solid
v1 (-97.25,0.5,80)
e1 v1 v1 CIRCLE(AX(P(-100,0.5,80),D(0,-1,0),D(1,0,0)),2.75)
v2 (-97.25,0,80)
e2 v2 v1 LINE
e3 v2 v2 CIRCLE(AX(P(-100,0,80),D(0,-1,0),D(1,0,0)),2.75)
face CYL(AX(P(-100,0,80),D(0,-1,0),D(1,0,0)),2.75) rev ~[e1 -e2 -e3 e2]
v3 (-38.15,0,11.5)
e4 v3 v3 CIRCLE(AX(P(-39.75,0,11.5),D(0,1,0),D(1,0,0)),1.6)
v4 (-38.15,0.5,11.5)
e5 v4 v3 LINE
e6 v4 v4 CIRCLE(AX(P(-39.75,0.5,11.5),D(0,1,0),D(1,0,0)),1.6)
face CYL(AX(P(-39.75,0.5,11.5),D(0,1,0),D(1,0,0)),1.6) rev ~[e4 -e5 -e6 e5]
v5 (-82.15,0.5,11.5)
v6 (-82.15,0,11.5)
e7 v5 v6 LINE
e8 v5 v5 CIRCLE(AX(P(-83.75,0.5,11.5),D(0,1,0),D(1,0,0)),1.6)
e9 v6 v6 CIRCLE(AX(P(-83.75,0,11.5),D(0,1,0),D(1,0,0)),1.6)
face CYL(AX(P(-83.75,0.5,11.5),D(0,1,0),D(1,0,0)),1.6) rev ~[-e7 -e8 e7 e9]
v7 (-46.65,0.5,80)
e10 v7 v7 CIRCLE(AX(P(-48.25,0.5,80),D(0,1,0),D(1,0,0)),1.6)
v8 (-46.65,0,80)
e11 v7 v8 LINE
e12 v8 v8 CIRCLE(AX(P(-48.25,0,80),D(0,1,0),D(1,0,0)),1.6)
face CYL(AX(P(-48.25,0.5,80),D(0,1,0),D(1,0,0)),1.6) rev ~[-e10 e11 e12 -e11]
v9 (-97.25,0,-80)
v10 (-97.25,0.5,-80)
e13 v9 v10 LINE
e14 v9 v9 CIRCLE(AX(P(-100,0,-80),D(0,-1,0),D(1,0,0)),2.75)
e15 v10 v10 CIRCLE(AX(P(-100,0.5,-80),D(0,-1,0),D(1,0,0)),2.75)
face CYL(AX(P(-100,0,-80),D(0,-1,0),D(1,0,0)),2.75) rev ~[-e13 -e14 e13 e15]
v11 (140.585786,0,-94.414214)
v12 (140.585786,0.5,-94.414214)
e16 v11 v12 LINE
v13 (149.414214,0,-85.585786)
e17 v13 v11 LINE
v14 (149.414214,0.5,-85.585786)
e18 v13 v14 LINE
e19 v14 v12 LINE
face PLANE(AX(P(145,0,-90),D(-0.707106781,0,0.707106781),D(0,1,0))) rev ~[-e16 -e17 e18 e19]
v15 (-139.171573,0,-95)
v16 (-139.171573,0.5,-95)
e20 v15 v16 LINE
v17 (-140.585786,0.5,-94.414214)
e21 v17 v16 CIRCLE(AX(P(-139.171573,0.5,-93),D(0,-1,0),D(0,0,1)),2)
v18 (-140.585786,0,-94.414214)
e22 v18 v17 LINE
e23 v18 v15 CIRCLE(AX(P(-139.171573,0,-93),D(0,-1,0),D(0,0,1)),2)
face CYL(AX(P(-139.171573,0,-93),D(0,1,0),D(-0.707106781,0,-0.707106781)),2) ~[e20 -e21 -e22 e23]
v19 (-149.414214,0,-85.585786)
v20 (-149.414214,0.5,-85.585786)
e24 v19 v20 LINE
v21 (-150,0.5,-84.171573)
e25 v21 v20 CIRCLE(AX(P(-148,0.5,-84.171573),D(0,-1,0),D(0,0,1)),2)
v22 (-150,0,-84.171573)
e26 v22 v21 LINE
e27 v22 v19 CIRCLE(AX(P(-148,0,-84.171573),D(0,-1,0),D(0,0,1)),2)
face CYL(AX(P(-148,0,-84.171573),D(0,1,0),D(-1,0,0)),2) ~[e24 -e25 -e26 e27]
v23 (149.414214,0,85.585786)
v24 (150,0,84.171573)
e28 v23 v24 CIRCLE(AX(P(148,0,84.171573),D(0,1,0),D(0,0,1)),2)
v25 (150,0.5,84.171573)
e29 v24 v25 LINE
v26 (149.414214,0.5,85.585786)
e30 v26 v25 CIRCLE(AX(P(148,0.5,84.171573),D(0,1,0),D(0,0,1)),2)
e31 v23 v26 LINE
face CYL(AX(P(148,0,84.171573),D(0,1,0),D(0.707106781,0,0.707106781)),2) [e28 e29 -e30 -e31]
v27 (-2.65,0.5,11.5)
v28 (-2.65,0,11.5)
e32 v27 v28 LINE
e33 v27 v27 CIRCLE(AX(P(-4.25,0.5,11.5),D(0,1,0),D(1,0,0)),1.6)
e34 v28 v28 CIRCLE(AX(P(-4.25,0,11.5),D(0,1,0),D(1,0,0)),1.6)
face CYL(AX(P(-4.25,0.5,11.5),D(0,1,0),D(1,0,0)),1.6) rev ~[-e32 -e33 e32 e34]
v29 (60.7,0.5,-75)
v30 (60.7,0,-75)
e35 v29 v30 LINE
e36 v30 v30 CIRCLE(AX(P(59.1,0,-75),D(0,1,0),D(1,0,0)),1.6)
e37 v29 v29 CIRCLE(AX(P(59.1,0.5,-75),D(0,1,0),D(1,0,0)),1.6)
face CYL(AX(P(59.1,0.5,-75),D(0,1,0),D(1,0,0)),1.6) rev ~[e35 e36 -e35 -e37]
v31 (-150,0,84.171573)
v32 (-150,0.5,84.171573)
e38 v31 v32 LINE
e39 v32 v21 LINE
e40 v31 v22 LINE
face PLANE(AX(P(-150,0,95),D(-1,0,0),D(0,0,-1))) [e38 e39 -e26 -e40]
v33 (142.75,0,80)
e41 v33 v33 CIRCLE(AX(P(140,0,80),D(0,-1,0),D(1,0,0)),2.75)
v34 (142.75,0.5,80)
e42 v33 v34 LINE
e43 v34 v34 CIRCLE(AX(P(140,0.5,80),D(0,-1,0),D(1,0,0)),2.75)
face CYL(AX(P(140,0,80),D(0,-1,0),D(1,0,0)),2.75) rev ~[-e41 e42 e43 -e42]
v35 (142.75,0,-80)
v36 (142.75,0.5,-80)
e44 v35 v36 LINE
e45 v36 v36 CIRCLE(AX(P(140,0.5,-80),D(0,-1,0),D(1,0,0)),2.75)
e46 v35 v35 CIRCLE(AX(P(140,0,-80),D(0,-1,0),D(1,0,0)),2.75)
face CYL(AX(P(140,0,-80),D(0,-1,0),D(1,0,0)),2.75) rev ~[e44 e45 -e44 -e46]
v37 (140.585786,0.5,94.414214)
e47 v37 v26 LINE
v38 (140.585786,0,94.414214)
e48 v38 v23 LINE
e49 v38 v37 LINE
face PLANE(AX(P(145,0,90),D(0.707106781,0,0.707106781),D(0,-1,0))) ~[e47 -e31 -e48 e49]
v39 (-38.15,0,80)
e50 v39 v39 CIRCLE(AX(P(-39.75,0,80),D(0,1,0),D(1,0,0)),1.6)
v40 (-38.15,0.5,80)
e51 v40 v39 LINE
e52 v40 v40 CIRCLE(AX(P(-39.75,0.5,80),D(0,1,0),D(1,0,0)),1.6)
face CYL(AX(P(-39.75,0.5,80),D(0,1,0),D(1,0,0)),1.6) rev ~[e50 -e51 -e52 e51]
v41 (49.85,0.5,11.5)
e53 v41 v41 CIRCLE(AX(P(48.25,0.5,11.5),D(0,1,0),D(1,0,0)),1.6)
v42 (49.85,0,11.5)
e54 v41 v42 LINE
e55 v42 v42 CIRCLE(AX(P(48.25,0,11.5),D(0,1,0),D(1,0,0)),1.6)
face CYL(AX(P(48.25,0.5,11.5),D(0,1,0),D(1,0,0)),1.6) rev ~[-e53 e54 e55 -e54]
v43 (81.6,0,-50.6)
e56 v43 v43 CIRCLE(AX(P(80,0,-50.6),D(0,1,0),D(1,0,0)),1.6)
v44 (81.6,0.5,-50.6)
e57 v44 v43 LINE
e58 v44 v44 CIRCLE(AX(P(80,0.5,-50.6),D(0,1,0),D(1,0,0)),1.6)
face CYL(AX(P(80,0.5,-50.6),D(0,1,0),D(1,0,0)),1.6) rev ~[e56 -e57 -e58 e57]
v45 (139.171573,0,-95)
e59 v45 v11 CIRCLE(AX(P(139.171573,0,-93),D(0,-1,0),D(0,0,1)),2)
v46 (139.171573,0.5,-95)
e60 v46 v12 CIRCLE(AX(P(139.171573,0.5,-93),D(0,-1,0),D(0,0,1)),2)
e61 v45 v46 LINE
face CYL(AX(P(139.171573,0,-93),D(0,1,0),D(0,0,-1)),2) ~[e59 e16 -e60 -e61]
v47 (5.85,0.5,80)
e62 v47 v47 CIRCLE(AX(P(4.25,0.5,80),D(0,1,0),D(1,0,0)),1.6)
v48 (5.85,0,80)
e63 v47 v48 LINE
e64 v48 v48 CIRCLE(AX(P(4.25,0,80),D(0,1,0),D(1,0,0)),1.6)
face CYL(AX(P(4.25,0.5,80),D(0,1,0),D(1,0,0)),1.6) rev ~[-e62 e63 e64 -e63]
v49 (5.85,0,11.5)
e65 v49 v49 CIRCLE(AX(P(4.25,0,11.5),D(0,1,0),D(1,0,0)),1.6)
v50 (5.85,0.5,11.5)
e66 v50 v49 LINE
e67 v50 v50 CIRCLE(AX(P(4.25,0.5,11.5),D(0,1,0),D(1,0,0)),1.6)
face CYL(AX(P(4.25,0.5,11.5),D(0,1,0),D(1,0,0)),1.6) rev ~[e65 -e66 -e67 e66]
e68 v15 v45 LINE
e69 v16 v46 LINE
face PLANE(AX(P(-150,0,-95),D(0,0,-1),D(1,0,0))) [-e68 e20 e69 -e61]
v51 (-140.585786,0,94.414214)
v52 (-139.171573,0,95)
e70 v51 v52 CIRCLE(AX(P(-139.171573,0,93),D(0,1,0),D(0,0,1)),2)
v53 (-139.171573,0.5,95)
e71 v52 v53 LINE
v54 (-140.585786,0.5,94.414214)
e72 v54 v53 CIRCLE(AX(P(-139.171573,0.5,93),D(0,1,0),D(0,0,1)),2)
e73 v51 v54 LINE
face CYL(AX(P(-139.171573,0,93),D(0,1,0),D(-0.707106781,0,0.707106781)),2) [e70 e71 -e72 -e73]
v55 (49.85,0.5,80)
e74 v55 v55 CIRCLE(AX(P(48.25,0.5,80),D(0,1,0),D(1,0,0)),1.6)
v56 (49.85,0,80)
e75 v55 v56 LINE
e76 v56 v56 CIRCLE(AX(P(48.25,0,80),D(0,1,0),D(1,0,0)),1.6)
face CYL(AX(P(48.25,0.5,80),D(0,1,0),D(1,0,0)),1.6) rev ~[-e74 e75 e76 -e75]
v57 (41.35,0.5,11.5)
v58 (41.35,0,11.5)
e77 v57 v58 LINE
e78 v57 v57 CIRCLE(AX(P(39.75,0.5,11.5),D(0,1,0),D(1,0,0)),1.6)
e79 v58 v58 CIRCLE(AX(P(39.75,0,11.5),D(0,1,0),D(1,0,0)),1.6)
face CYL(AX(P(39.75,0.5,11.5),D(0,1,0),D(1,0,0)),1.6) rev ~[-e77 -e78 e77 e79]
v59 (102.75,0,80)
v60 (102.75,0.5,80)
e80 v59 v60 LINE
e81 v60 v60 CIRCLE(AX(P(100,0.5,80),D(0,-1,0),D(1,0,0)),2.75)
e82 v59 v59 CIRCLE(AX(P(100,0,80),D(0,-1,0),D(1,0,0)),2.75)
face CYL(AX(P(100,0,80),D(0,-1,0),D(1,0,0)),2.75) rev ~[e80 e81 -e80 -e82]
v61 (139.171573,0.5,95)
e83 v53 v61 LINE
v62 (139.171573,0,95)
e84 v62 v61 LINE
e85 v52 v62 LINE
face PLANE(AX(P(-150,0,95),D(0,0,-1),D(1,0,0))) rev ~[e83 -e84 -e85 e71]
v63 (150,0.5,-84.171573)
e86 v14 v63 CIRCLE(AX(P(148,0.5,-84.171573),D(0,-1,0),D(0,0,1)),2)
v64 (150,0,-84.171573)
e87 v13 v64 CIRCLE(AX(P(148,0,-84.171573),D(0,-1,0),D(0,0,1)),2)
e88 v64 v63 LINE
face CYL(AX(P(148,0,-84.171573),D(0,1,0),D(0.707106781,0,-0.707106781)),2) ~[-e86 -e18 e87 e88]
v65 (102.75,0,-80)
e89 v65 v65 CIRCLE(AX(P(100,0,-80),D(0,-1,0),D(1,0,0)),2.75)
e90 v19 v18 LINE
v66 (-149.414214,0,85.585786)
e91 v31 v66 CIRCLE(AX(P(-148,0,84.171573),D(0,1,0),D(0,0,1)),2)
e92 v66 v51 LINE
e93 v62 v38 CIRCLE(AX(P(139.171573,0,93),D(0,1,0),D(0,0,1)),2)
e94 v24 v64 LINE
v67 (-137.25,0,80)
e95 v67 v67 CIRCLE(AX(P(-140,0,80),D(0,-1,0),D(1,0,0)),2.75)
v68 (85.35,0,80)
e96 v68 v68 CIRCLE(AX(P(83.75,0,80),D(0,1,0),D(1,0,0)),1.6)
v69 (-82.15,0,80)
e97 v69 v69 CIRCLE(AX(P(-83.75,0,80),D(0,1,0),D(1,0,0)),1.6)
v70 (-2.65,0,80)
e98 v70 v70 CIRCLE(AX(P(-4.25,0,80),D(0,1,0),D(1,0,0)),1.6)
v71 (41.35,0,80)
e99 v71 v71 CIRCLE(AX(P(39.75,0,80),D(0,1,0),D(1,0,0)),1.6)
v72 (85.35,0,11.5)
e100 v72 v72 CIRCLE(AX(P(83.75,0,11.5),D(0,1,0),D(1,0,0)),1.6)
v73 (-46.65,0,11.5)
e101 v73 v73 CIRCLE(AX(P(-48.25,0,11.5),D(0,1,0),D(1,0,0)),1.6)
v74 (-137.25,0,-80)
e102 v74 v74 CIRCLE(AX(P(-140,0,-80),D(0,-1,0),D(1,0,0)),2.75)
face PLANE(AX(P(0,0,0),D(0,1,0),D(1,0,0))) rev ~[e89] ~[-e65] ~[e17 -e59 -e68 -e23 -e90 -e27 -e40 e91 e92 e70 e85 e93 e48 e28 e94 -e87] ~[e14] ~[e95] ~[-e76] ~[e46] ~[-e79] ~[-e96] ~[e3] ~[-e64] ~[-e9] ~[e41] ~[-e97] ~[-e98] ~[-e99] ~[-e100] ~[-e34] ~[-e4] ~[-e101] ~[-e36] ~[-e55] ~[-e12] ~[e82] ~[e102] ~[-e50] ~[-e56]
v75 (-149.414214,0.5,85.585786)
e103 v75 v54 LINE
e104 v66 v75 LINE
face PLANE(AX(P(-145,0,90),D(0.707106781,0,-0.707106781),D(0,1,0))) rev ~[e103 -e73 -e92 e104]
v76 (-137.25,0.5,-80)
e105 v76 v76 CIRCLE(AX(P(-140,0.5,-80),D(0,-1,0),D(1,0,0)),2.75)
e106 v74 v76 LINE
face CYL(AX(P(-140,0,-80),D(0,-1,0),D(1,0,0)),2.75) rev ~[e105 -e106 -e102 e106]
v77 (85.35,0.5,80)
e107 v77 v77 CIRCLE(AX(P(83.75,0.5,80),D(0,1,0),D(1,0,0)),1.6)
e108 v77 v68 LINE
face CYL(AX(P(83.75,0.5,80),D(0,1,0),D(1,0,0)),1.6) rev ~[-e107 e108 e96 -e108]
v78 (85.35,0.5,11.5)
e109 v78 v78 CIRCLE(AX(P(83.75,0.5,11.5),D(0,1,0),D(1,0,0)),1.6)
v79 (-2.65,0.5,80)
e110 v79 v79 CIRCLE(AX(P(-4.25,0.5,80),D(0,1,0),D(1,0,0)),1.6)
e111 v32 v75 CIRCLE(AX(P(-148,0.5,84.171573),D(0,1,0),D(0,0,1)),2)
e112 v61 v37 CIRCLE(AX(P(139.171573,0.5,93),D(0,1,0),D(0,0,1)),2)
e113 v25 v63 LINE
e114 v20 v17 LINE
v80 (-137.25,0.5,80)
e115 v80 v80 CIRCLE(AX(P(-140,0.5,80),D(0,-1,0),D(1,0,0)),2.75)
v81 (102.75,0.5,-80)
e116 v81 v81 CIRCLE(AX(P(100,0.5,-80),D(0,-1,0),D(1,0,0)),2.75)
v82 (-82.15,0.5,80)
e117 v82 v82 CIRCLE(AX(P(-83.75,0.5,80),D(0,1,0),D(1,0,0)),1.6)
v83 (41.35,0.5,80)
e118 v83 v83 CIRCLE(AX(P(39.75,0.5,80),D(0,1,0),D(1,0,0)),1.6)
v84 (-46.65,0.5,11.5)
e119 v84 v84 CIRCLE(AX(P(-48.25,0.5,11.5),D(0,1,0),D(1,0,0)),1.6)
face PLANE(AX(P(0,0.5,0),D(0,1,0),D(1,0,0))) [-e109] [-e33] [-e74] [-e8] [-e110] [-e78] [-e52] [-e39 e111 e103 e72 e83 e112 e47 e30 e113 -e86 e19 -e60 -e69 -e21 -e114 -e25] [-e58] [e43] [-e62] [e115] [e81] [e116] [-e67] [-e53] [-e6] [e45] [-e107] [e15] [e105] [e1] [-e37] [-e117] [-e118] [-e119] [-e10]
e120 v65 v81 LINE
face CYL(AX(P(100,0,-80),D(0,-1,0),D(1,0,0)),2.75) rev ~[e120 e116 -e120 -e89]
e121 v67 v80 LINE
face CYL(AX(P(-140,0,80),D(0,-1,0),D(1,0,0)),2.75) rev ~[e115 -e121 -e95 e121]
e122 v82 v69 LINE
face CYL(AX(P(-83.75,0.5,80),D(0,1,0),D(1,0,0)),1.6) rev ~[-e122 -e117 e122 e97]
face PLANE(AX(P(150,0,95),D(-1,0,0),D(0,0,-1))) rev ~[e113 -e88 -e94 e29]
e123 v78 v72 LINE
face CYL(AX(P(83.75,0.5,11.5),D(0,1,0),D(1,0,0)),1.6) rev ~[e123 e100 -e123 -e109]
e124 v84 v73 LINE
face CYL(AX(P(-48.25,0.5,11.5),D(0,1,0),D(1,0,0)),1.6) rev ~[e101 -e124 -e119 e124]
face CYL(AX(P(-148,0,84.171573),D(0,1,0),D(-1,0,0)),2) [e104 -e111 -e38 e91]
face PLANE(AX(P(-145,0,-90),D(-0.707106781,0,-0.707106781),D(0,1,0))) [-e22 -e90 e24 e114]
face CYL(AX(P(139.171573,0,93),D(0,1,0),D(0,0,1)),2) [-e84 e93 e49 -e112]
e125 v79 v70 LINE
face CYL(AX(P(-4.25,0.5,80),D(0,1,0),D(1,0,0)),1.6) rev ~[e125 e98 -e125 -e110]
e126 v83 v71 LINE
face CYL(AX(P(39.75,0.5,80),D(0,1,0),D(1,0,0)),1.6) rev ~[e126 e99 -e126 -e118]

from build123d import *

# Parameters (mm, degrees)
ESQUISSE1_W                     = 300
ESQUISSE1_H                     = 190
BOSS_EXTRU_1_DEPTH              = 0.5
CHANFREIN1_SIZE                 = 10
CONG_1_R                        = 2
ESQUISSE2_R                     = 2.75
ENL_V_MAT_EXTRU_1_DEPTH         = 1.5
R_P_TITION_LIN_AIRE1_COUNT      = 2
R_P_TITION_LIN_AIRE1_PITCH      = 240
R_P_TITION_LIN_AIRE1_COUNT_DIR2 = 2
R_P_TITION_LIN_AIRE1_PITCH_DIR2 = 160
ESQUISSE3_R                     = 1.6
ENL_V_MAT_EXTRU_2_DEPTH         = 1.5
R_P_TITION_LIN_AIRE2_COUNT      = 4
R_P_TITION_LIN_AIRE2_PITCH      = 44
ESQUISSE4_R                     = 1.6
ESQUISSE4_R_2                   = 2.75
ENL_V_MAT_EXTRU_3_DEPTH         = 10


with BuildPart() as part:
    # Esquisse1 → Boss.-Extru.1 (new body)
    with BuildSketch(Plane(origin=(0, 0, 0), x_dir=(1, 0, 0), z_dir=(0, 1, 0))):
        Rectangle(ESQUISSE1_W, ESQUISSE1_H)
    extrude(amount=BOSS_EXTRU_1_DEPTH)

    # Chanfrein1
    chanfrein1_edges = [part.edges().sort_by_distance(p)[0] for p in [
        (150, 0.25, 95),
        (-150, 0.25, 95),
        (-150, 0.25, -95),
        (150, 0.25, -95),
    ]]
    chamfer(chanfrein1_edges, length=CHANFREIN1_SIZE)

    # Congé1
    cong_1_edges = [part.edges().sort_by_distance(p)[0] for p in [
        (140, 0.25, 95),
        (-140, 0.25, 95),
        (-150, 0.25, -85),
        (-150, 0.25, 85),
        (150, 0.25, -85),
        (150, 0.25, 85),
        (-140, 0.25, -95),
        (140, 0.25, -95),
    ]]
    fillet(cong_1_edges, radius=CONG_1_R)

    # Esquisse2 → Enlèv. mat.-Extru.1 (cut, through all)
    with BuildSketch(Plane.XZ):
        with Locations((-140, 80)):
            Circle(ESQUISSE2_R)
        with Locations((-100, 80)):
            Circle(ESQUISSE2_R)
    enl_v_mat_extru_1 = extrude(amount=-ENL_V_MAT_EXTRU_1_DEPTH, mode=Mode.SUBTRACT)

    # Répétition linéaire1: Enl_v. mat.-Extru.1 2 × 2
    with Locations(*[(i * R_P_TITION_LIN_AIRE1_PITCH, 0, -j * R_P_TITION_LIN_AIRE1_PITCH_DIR2) for i in range(R_P_TITION_LIN_AIRE1_COUNT) for j in range(R_P_TITION_LIN_AIRE1_COUNT_DIR2) if (i, j) != (0, 0)]):
        add(enl_v_mat_extru_1, mode=Mode.SUBTRACT)

    # Esquisse3 → Enlèv. mat.-Extru.2 (cut, through all)
    with BuildSketch(Plane(origin=(0, 0.5, 0), x_dir=(1, 0, 0), z_dir=(0, 1, 0))):
        with Locations((-83.75, -80)):
            Circle(ESQUISSE3_R)
        with Locations((-48.25, -80)):
            Circle(ESQUISSE3_R)
        with Locations((-83.75, -11.5)):
            Circle(ESQUISSE3_R)
        with Locations((-48.25, -11.5)):
            Circle(ESQUISSE3_R)
    enl_v_mat_extru_2 = extrude(amount=-ENL_V_MAT_EXTRU_2_DEPTH, mode=Mode.SUBTRACT)

    # Répétition linéaire2: Enlèv. mat.-Extru.2 ×4
    with Locations(*[(i * R_P_TITION_LIN_AIRE2_PITCH, 0, 0) for i in range(1, R_P_TITION_LIN_AIRE2_COUNT)]):
        add(enl_v_mat_extru_2, mode=Mode.SUBTRACT)

    # Esquisse4 → Enlèv. mat.-Extru.3 (cut)
    with BuildSketch(Plane(origin=(0, 0.5, 0), x_dir=(1, 0, 0), z_dir=(0, 1, 0))):
        with Locations((59.1, 75)):
            Circle(ESQUISSE4_R)
        with Locations((80, 50.6)):
            Circle(ESQUISSE4_R)
        with Locations((100, 80)):
            Circle(ESQUISSE4_R_2)
    extrude(amount=-ENL_V_MAT_EXTRU_3_DEPTH, mode=Mode.SUBTRACT)


solid = part.part
